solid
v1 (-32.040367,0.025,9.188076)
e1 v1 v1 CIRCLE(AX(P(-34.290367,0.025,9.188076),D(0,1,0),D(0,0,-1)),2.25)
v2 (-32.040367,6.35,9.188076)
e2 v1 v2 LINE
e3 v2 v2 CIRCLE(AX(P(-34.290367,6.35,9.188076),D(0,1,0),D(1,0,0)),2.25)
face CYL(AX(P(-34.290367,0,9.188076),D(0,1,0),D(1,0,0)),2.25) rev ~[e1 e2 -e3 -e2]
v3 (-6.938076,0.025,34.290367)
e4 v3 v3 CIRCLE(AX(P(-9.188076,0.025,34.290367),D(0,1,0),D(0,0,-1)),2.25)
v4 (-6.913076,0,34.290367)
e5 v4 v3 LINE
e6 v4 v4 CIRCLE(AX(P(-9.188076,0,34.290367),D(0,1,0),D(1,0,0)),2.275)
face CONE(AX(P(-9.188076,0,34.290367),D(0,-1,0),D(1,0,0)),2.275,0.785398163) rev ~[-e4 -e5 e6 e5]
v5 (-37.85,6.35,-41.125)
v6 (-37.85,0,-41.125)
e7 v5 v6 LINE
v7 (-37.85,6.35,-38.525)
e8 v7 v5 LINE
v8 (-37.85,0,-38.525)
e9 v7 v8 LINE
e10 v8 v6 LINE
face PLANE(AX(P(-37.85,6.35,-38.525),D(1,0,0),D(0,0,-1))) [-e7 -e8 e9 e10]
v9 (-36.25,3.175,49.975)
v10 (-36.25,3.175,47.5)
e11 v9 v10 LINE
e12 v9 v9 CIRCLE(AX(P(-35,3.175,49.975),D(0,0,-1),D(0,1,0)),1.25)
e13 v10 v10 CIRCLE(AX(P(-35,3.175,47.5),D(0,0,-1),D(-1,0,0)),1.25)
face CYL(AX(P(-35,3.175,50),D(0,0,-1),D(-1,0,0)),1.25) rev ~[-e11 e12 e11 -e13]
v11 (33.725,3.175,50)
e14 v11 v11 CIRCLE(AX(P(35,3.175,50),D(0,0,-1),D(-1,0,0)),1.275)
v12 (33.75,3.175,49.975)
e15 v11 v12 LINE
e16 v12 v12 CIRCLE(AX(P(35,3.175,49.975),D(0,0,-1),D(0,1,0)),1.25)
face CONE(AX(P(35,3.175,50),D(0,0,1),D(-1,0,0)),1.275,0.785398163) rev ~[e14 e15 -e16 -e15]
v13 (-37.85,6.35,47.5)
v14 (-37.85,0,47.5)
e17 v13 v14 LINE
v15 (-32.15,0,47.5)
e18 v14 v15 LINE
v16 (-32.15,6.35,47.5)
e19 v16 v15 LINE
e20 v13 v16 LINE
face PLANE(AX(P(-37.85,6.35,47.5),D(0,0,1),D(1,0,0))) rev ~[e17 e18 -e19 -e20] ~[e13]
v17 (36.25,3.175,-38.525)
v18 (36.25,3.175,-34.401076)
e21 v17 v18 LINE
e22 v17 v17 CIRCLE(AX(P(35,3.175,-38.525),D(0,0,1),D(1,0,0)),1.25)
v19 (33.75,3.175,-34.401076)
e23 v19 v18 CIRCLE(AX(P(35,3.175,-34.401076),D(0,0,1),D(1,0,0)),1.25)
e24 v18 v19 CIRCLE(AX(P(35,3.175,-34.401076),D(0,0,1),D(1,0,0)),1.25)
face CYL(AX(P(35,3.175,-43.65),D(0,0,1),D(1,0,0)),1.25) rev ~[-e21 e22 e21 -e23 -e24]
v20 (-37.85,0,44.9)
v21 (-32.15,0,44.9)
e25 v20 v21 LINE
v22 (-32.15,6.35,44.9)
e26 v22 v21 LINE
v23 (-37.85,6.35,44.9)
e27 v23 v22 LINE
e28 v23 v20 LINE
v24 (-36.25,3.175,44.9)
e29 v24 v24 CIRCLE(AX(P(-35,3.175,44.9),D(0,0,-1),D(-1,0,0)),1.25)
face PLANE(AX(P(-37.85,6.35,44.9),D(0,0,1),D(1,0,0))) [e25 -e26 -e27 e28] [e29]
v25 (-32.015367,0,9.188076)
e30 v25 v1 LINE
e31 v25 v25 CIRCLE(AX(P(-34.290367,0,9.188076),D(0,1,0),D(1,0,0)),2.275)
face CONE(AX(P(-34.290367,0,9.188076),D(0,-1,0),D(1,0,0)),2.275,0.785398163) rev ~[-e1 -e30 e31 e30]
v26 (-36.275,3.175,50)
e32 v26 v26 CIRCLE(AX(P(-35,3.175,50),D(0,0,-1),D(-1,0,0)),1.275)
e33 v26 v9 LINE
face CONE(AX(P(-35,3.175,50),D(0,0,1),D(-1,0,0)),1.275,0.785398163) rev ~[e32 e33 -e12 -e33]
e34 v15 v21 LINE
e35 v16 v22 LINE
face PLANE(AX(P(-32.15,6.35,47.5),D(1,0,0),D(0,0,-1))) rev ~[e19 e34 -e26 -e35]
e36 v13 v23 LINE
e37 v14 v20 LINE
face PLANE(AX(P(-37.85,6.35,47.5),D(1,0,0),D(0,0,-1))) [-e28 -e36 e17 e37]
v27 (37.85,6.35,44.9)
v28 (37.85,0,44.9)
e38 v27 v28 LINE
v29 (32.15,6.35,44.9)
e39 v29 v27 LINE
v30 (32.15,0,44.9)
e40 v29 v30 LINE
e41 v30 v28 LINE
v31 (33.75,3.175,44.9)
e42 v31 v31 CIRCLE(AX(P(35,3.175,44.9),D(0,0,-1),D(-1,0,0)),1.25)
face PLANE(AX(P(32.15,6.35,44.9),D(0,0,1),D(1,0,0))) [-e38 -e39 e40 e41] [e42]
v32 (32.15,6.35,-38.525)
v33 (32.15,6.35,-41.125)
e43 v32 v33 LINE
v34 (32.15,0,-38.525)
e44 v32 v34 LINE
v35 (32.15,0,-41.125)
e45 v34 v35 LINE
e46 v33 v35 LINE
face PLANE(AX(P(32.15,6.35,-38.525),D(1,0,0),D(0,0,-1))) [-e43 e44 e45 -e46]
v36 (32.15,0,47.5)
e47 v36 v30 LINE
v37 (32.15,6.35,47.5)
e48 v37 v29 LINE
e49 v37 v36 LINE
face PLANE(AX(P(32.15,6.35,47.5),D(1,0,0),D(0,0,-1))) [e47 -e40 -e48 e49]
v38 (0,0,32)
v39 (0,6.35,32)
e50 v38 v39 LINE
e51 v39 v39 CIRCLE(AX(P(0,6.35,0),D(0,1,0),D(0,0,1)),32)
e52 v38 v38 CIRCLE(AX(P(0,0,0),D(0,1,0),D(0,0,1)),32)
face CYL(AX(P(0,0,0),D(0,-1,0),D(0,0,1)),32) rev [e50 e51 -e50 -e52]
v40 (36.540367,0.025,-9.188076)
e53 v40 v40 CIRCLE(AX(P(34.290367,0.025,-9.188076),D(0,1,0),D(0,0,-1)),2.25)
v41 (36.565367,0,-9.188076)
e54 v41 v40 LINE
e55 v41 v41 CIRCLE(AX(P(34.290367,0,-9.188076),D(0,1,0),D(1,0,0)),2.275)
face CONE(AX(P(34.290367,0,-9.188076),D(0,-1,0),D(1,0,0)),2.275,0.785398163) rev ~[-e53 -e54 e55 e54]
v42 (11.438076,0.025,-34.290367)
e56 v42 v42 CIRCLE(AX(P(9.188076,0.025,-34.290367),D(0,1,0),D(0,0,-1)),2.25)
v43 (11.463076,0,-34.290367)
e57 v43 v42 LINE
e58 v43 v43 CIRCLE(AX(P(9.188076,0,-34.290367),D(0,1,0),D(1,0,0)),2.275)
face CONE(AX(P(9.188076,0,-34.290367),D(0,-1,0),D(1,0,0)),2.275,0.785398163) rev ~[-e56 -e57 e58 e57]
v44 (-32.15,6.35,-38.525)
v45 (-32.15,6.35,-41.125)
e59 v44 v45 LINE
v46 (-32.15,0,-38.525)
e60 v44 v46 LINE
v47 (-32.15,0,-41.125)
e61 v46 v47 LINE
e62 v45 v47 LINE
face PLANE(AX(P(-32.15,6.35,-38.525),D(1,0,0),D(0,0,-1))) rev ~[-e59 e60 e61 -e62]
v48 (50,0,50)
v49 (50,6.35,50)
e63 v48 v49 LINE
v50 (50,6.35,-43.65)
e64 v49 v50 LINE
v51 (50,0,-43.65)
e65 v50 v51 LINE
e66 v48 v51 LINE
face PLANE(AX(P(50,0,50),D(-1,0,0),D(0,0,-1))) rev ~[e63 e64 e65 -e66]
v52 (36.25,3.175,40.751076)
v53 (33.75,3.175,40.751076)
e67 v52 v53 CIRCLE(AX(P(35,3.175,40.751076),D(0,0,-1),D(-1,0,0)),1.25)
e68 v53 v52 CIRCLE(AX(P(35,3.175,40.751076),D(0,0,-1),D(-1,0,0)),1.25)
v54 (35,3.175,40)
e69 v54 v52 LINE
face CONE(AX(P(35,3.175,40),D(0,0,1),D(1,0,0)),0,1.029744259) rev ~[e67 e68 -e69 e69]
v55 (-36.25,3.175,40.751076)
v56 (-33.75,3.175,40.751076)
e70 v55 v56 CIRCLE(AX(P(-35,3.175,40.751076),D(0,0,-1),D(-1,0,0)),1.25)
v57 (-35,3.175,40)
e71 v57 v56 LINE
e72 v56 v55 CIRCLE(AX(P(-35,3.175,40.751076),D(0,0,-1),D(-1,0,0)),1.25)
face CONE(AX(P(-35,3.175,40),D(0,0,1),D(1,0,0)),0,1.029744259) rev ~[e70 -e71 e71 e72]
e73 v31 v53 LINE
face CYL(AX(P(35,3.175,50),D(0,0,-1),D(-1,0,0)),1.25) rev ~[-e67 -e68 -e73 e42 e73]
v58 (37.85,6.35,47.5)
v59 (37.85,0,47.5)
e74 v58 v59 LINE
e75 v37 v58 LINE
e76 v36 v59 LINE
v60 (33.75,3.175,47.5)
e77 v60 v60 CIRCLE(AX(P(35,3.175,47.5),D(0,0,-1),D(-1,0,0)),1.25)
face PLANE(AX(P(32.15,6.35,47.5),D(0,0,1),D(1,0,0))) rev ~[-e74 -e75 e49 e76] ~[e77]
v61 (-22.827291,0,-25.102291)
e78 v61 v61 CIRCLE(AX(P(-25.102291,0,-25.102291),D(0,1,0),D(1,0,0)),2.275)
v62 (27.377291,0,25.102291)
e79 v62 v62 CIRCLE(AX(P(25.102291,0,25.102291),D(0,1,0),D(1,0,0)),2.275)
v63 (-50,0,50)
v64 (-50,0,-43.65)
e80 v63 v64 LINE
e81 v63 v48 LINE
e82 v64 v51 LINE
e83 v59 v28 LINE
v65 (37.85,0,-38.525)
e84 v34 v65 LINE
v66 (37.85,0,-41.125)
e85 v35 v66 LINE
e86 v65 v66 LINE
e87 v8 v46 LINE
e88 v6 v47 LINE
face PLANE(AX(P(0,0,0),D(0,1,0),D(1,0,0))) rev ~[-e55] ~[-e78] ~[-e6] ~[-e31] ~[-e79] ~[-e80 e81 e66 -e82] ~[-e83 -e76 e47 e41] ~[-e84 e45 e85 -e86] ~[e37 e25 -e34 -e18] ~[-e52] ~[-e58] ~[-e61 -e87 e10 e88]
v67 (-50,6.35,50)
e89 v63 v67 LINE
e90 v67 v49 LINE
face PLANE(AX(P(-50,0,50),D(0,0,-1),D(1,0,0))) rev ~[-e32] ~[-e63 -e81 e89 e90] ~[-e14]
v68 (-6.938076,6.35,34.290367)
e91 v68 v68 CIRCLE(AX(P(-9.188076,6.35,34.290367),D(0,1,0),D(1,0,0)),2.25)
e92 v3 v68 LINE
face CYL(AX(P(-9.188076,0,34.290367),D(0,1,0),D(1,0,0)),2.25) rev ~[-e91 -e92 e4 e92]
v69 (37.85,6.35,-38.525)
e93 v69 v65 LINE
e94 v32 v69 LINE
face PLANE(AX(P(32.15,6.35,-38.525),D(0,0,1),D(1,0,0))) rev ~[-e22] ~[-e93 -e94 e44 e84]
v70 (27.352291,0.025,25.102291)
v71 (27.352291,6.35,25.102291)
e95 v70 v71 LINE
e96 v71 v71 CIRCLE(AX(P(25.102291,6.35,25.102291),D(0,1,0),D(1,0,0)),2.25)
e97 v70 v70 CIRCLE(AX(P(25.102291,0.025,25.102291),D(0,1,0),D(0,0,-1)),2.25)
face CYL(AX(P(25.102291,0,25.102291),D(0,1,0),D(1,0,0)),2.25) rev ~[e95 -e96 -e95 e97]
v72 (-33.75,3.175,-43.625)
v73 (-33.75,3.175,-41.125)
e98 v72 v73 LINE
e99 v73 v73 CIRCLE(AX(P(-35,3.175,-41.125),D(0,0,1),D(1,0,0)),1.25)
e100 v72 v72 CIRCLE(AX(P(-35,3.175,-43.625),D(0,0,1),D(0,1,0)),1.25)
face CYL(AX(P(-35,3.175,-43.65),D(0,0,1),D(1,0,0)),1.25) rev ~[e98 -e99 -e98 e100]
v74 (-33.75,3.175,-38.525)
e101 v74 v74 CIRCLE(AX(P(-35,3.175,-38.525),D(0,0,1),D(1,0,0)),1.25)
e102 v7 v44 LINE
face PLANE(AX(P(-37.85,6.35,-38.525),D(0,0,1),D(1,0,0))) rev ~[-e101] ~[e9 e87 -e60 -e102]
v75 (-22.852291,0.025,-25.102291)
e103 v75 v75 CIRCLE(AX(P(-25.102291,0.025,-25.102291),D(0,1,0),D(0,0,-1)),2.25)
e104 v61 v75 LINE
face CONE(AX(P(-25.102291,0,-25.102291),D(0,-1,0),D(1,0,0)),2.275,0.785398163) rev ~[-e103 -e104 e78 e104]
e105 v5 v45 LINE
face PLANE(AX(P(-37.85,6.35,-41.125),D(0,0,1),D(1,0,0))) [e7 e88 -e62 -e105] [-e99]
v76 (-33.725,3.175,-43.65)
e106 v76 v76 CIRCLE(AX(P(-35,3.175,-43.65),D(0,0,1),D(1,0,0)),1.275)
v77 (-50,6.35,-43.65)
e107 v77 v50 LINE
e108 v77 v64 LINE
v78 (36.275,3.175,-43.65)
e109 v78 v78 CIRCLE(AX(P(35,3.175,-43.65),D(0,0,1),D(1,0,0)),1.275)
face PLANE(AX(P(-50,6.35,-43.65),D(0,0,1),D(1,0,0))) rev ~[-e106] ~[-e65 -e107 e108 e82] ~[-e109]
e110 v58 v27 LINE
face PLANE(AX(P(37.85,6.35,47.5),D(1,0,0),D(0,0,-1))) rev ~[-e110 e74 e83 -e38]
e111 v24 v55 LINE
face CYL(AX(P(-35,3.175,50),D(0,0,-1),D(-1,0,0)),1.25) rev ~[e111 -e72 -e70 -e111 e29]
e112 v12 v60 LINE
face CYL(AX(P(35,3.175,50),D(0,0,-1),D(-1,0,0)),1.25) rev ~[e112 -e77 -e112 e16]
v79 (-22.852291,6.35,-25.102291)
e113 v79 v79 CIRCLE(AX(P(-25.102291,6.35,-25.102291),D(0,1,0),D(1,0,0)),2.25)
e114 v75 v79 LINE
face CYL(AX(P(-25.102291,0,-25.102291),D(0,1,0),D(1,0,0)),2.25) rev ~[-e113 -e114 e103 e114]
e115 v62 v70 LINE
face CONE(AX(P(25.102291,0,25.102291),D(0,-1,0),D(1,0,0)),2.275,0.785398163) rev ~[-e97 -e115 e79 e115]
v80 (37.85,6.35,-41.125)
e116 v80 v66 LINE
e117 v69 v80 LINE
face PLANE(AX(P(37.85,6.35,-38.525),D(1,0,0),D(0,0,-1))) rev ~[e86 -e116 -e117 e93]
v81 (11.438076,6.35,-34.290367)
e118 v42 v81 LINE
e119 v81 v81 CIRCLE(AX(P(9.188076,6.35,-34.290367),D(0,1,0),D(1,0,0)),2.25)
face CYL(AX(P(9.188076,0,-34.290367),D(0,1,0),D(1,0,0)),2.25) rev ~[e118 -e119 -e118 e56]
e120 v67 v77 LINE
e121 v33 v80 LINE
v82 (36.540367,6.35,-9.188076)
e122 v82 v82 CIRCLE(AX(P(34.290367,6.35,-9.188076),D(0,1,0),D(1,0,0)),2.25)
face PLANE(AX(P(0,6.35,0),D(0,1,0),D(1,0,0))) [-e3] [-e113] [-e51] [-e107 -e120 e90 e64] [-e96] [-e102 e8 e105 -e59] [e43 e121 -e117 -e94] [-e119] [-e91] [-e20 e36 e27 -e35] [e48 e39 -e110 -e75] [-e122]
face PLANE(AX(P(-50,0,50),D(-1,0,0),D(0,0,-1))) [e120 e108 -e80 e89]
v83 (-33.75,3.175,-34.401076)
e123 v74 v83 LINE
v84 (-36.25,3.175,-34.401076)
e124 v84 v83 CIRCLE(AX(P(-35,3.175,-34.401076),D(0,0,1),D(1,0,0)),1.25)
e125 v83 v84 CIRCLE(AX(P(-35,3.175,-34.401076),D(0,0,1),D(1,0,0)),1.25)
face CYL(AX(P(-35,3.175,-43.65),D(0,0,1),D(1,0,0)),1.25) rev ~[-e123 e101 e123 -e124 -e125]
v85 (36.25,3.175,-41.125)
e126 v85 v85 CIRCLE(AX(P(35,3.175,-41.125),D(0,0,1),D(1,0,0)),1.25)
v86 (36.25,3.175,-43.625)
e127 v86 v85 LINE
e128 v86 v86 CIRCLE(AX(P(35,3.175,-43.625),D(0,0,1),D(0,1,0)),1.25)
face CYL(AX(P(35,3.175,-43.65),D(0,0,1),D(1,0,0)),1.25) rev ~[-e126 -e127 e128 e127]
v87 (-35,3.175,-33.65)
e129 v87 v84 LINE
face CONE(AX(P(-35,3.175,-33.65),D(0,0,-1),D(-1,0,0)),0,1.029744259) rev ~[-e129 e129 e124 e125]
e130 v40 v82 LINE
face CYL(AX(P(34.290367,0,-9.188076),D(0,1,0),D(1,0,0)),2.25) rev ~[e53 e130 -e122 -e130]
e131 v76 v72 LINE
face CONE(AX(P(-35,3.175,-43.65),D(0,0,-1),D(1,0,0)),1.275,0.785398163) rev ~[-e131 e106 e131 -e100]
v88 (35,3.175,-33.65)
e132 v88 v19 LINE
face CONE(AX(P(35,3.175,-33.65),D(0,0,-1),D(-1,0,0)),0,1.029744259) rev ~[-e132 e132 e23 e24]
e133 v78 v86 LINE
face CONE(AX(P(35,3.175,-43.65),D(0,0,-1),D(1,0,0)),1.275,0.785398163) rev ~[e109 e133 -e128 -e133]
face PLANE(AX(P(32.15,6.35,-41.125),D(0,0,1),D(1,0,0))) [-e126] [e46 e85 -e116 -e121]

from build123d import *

# Parameters (mm, degrees)
SKETCH1_W                             = 100
SKETCH1_H                             = 100
SKETCH1_R                             = 32
BOSS_EXTRUDE3_DEPTH                   = 6.35
M4_CLEARANCE_HOLE2_D                  = 4.5
M4_CLEARANCE_HOLE2_CSINK_D            = 4.55
M4_CLEARANCE_HOLE2_CSINK_ANGLE        = 90
TAP_DRILL_FOR_M3X0_5_TAP2_D           = 2.5
TAP_DRILL_FOR_M3X0_5_TAP2_DEPTH       = 9.248924226
TAP_DRILL_FOR_M3X0_5_TAP2_CSINK_D     = 2.55
TAP_DRILL_FOR_M3X0_5_TAP2_CSINK_ANGLE = 90
TAP_DRILL_FOR_M3X0_5_TAP2_TIP         = 0.751075774
SKETCH32_W                            = 100
SKETCH32_H                            = 6.35
CUT_EXTRUDE1_DEPTH                    = 10
TAP_DRILL_FOR_M3X0_5_TAP4_D           = 2.5
TAP_DRILL_FOR_M3X0_5_TAP4_DEPTH       = 9.248924226
TAP_DRILL_FOR_M3X0_5_TAP4_CSINK_D     = 2.55
TAP_DRILL_FOR_M3X0_5_TAP4_CSINK_ANGLE = 90
TAP_DRILL_FOR_M3X0_5_TAP4_TIP         = 0.751075774
SKETCH36_W                            = 5.7
SKETCH36_H                            = 2.6
CUT_EXTRUDE2_DEPTH                    = 71.995228713


with BuildPart() as part:
    # Sketch1 → Boss-Extrude3 (new body)
    with BuildSketch(Plane(origin=(0, 0, 0), x_dir=(1, 0, 0), z_dir=(0, 1, 0))):
        Rectangle(SKETCH1_W, SKETCH1_H)
        with Locations(Location((0, 0, 0), (0, 0, 270))):
            Circle(SKETCH1_R, mode=Mode.SUBTRACT)
    extrude(amount=BOSS_EXTRUDE3_DEPTH)

    # M4 Clearance Hole2 (through all)
    with Locations(Plane(origin=(0, 0, 0), x_dir=(-1, 0, 0), z_dir=(0, -1, 0))):
        with Locations((-9.188076101, 34.290366833), (25.102290732, 25.102290732), (34.290366833, -9.188076101), (9.188076101, -34.290366833), (-25.102290732, -25.102290732), (-34.290366833, 9.188076101)):
            CounterSinkHole(M4_CLEARANCE_HOLE2_D / 2, M4_CLEARANCE_HOLE2_CSINK_D / 2, counter_sink_angle=M4_CLEARANCE_HOLE2_CSINK_ANGLE)

    # Tap Drill for M3x0.5 Tap2
    with Locations(Plane.XY.offset(50)):
        with Locations((-35, 3.175), (35, 3.175)):
            CounterSinkHole(TAP_DRILL_FOR_M3X0_5_TAP2_D / 2, TAP_DRILL_FOR_M3X0_5_TAP2_CSINK_D / 2, depth=TAP_DRILL_FOR_M3X0_5_TAP2_DEPTH, counter_sink_angle=TAP_DRILL_FOR_M3X0_5_TAP2_CSINK_ANGLE)
            with Locations((0, 0, -(TAP_DRILL_FOR_M3X0_5_TAP2_DEPTH + TAP_DRILL_FOR_M3X0_5_TAP2_TIP / 2))):  # 118° drill point
                Cone(0, TAP_DRILL_FOR_M3X0_5_TAP2_D / 2, TAP_DRILL_FOR_M3X0_5_TAP2_TIP, mode=Mode.SUBTRACT)

    # Sketch32 → Cut-Extrude1 (cut)
    with BuildSketch(Plane(origin=(0, 6.35, 0), x_dir=(1, 0, 0), z_dir=(0, 1, 0))):
        with Locations((0, 46.825)):
            Rectangle(SKETCH32_W, SKETCH32_H)
    extrude(amount=-CUT_EXTRUDE1_DEPTH, mode=Mode.SUBTRACT)

    # Tap Drill for M3x0.5 Tap4
    with Locations(Plane(origin=(0, 0, -43.65), x_dir=(-1, 0, 0), z_dir=(0, 0, -1))):
        with Locations((-35, 3.175), (35, 3.175)):
            CounterSinkHole(TAP_DRILL_FOR_M3X0_5_TAP4_D / 2, TAP_DRILL_FOR_M3X0_5_TAP4_CSINK_D / 2, depth=TAP_DRILL_FOR_M3X0_5_TAP4_DEPTH, counter_sink_angle=TAP_DRILL_FOR_M3X0_5_TAP4_CSINK_ANGLE)
            with Locations((0, 0, -(TAP_DRILL_FOR_M3X0_5_TAP4_DEPTH + TAP_DRILL_FOR_M3X0_5_TAP4_TIP / 2))):  # 118° drill point
                Cone(0, TAP_DRILL_FOR_M3X0_5_TAP4_D / 2, TAP_DRILL_FOR_M3X0_5_TAP4_TIP, mode=Mode.SUBTRACT)

    # Sketch36 → Cut-Extrude2 (cut, through all)
    with BuildSketch(Plane(origin=(0, 6.35, 0), x_dir=(1, 0, 0), z_dir=(0, 1, 0))):
        with Locations((-35, -46.2)):
            Rectangle(SKETCH36_W, SKETCH36_H)
        with Locations((35, -46.2)):
            Rectangle(SKETCH36_W, SKETCH36_H)
        with Locations((35, 39.825)):
            Rectangle(SKETCH36_W, SKETCH36_H)
        with Locations((-35, 39.825)):
            Rectangle(SKETCH36_W, SKETCH36_H)
    extrude(amount=-CUT_EXTRUDE2_DEPTH, mode=Mode.SUBTRACT)


solid = part.part
